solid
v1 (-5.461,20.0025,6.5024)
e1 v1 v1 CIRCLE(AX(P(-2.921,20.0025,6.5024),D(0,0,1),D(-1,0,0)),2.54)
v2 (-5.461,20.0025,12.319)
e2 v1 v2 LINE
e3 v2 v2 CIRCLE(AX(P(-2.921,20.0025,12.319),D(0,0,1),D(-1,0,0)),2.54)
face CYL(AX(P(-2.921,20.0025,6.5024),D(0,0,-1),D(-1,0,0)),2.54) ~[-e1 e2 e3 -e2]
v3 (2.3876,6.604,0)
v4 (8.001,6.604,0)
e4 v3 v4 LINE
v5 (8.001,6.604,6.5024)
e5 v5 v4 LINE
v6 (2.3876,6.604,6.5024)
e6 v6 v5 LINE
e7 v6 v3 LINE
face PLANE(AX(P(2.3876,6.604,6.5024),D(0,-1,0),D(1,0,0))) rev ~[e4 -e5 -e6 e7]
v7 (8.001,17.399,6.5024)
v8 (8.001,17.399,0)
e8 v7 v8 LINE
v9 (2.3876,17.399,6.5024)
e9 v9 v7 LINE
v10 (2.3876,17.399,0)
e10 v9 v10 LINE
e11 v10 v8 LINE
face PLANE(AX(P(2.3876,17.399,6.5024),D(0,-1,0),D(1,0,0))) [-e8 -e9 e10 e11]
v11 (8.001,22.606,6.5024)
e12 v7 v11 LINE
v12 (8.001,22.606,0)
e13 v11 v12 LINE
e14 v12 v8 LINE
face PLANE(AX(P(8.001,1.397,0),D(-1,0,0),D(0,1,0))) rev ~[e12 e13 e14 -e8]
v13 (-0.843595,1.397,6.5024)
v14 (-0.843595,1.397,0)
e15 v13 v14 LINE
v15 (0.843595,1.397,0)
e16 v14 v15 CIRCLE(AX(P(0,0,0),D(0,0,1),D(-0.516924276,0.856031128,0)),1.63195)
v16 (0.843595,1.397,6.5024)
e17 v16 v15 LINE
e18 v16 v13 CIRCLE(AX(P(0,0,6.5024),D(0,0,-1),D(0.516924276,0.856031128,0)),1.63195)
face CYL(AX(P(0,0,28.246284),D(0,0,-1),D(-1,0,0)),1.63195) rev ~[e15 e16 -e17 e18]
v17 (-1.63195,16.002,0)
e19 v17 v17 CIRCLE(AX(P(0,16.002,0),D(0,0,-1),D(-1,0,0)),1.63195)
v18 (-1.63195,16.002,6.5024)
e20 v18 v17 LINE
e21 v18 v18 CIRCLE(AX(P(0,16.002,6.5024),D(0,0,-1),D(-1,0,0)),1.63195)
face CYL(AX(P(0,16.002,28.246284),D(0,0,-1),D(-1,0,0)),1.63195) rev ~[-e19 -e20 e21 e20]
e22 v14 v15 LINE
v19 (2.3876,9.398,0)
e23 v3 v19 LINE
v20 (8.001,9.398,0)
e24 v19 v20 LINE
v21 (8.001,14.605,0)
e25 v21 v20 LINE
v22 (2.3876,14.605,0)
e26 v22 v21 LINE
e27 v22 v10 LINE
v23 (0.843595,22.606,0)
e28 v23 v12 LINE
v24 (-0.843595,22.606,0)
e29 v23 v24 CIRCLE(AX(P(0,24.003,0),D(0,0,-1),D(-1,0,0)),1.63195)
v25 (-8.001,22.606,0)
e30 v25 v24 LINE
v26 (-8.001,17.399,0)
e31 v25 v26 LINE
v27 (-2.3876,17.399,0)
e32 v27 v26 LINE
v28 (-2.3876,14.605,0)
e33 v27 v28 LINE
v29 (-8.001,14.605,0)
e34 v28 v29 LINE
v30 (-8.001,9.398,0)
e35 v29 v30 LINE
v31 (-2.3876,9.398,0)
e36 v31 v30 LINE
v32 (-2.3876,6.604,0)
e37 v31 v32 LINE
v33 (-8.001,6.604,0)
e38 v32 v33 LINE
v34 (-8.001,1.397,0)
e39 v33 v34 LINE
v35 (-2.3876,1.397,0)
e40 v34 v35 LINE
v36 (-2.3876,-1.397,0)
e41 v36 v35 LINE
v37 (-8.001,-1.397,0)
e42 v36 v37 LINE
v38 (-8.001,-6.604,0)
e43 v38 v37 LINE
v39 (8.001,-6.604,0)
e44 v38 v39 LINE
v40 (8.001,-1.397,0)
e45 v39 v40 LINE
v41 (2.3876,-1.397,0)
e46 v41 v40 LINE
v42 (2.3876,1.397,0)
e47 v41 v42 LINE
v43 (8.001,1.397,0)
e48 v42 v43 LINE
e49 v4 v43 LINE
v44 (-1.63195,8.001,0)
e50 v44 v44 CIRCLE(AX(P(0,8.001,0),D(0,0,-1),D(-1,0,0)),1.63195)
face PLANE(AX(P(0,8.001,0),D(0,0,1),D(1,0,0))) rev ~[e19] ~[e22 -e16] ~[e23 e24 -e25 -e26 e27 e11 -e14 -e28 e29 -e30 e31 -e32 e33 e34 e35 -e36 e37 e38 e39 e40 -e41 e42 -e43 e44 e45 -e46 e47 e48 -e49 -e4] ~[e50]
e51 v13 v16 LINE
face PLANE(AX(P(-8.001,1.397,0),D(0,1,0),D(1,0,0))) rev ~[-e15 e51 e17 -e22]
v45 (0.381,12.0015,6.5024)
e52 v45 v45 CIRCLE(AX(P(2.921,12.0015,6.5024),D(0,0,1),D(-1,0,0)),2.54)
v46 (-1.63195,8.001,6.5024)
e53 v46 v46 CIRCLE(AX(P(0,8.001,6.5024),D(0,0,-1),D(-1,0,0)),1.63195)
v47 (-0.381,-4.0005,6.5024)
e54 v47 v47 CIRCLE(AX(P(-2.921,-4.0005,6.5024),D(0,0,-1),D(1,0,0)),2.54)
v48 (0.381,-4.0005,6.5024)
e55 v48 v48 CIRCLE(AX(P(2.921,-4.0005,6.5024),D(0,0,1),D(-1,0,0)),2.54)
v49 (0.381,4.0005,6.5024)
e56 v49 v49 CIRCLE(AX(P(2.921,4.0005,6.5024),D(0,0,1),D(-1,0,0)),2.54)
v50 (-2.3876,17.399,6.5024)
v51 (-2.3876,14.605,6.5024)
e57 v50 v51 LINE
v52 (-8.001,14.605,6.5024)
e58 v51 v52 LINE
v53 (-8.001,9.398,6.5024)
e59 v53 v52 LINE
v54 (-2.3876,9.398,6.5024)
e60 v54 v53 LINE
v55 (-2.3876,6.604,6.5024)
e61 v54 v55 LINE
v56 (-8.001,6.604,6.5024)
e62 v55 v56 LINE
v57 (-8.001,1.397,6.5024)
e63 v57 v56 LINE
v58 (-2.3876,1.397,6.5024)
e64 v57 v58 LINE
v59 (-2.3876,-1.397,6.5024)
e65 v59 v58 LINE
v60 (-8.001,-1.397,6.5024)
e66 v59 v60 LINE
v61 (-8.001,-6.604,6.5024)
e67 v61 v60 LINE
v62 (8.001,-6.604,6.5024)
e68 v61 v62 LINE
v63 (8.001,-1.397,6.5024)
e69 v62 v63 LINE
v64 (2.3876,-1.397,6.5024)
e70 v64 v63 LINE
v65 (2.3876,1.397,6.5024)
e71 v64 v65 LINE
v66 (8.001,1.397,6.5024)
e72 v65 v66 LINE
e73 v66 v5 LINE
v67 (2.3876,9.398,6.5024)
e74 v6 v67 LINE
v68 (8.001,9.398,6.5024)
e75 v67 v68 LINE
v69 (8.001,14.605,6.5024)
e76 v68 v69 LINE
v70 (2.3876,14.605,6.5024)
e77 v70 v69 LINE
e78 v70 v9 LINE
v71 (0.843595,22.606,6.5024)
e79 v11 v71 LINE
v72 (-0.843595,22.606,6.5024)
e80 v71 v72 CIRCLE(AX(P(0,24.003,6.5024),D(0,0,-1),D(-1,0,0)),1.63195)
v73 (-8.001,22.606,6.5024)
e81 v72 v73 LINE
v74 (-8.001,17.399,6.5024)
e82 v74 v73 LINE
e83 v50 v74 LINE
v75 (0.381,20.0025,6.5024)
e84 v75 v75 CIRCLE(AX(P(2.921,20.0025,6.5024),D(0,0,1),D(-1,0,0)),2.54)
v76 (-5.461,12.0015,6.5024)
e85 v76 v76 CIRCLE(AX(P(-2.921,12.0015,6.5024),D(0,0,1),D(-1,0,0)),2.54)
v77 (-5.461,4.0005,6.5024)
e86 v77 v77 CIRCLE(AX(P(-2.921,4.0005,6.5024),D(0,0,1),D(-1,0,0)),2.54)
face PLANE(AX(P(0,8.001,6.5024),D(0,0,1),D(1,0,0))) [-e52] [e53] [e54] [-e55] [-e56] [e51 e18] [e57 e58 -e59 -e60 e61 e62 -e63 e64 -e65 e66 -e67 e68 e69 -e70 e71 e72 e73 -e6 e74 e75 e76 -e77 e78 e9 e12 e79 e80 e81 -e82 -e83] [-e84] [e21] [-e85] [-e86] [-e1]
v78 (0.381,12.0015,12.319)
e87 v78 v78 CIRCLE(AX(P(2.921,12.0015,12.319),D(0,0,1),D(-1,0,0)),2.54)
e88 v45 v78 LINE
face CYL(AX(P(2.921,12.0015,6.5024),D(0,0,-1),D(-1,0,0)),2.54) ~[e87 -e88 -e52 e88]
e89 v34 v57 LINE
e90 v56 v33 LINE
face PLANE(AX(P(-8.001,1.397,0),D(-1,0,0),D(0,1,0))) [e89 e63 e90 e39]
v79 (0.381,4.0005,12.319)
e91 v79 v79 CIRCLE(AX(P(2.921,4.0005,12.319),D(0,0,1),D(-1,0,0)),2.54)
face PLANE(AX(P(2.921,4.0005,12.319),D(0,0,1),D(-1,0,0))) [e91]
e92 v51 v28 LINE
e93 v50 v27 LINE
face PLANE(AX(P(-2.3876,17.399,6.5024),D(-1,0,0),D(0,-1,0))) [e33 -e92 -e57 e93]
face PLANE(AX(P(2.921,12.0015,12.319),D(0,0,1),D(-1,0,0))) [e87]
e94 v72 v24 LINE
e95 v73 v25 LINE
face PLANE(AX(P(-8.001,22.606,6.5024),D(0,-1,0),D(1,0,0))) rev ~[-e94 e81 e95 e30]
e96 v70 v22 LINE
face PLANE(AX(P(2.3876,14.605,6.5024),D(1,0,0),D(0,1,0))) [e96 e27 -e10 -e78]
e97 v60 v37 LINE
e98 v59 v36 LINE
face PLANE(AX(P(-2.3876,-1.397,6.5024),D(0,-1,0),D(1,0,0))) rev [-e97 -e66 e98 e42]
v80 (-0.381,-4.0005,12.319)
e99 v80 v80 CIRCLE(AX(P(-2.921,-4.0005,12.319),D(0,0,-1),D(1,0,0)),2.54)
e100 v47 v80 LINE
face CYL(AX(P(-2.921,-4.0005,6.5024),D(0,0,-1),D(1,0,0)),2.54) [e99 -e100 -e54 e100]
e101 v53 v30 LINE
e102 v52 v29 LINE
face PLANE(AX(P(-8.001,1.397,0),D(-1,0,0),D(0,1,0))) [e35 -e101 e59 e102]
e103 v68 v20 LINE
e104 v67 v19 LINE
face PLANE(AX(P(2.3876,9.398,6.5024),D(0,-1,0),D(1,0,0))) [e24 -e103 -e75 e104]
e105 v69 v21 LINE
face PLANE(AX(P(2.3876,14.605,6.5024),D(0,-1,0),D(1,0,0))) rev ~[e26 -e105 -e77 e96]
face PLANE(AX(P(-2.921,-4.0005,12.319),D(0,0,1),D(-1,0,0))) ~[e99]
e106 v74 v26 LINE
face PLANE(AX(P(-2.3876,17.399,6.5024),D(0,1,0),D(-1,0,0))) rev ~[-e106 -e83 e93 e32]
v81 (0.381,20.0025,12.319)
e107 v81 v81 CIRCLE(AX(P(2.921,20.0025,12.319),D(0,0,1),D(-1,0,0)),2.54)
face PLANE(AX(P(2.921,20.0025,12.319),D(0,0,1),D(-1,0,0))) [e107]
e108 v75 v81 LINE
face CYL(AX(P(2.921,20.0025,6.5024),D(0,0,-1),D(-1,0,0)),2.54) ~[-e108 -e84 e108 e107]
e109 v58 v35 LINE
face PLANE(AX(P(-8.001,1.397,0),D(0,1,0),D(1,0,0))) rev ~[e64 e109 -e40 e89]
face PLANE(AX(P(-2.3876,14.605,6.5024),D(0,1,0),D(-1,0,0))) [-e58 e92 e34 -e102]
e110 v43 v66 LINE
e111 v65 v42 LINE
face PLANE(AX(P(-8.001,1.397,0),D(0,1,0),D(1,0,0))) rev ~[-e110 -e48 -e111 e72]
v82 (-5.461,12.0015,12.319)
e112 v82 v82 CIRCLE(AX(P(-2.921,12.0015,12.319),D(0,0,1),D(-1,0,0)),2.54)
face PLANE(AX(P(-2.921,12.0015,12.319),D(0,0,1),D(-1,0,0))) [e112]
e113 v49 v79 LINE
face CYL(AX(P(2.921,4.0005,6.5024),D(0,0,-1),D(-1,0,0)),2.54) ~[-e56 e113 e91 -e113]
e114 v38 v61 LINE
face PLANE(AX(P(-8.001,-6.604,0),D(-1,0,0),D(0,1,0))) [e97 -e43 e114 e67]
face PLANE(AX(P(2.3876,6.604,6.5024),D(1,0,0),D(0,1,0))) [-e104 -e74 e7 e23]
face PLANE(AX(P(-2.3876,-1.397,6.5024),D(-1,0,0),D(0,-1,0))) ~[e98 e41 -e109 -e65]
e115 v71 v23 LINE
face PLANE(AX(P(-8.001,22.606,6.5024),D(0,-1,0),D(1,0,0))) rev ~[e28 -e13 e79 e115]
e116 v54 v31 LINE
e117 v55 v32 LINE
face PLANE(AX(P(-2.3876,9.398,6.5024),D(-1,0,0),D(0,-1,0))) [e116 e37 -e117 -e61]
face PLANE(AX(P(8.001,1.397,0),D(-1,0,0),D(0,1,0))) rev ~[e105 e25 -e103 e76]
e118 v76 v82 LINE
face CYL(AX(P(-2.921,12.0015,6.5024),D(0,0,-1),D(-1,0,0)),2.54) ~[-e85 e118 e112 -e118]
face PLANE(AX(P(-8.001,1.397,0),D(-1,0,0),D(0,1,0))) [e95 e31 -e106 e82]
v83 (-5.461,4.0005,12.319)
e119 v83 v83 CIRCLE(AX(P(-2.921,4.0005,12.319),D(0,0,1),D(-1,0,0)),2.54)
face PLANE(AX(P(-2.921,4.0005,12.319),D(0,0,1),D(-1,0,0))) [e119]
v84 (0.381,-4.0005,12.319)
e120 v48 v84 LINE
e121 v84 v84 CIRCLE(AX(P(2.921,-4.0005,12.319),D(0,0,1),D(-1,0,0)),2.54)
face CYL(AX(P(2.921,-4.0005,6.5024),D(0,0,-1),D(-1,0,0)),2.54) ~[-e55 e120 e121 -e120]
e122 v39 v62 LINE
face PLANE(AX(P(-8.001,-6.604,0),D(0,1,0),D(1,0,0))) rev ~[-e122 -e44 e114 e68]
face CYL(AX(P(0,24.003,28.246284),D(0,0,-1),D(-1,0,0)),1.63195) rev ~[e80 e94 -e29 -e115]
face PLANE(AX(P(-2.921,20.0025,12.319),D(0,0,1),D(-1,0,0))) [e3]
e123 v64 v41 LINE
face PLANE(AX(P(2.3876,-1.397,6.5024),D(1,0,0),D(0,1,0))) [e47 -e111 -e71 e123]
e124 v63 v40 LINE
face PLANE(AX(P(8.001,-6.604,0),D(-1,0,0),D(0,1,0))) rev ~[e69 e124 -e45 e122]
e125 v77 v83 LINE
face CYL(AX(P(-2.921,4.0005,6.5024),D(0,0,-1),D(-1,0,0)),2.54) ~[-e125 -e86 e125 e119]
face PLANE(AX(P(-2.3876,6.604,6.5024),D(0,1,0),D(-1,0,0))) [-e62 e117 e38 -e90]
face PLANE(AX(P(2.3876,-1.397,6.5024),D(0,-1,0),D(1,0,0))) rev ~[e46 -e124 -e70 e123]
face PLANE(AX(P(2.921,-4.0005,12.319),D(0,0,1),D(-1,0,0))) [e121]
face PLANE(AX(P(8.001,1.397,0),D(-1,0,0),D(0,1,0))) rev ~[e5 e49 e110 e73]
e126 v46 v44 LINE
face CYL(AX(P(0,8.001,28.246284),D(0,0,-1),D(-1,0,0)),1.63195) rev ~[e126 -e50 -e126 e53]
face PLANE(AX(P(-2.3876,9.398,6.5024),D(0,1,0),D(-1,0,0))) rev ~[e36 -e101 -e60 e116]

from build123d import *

# Parameters (mm, degrees)
SKETCH1_W                 = 16.002
SKETCH1_H                 = 13.208
BOSS_EXTRUDE1_DEPTH       = 6.5024
SKETCH2_W                 = 5.6134
SKETCH2_H                 = 2.794
CUT_EXTRUDE1_DEPTH        = 13.243774857
F_4_CLEARANCE_HOLE1_D     = 3.2639
SKETCH5_R                 = 2.54
BOSS_EXTRUDE2_DEPTH       = 5.8166
SKETCH6_W                 = 16.002
SKETCH6_H                 = 5.207
CUT_EXTRUDE2_DEPTH        = 13.243774857
LPATTERN1_COUNT           = 4
LPATTERN1_PITCH           = 8.001
LPATTERN1_COPY_1_SKETCH_W = 5.6134
LPATTERN1_COPY_1_SKETCH_H = 2.794
LPATTERN1_COPY_1_DEPTH    = 13.243774857
LPATTERN1_COPY_2_SKETCH_W = 5.6134
LPATTERN1_COPY_2_SKETCH_H = 2.794
LPATTERN1_COPY_2_DEPTH    = 13.243774857
LPATTERN1_COPY_3_SKETCH_W = 5.6134
LPATTERN1_COPY_3_SKETCH_H = 2.794
LPATTERN1_COPY_3_DEPTH    = 13.243774857
LPATTERN1_COPY_4_SKETCH_R = 2.54
LPATTERN1_COPY_4_DEPTH    = 5.8166
LPATTERN1_COPY_5_SKETCH_R = 2.54
LPATTERN1_COPY_5_DEPTH    = 5.8166
LPATTERN1_COPY_6_SKETCH_R = 2.54
LPATTERN1_COPY_6_DEPTH    = 5.8166
SKETCH7_W                 = 16.002
SKETCH7_H                 = 8.001
CUT_EXTRUDE3_DEPTH        = 33.296836622


with BuildPart() as part:
    # Sketch1 → Boss-Extrude1 (new body)
    with BuildSketch(Plane.XY):
        Rectangle(SKETCH1_W, SKETCH1_H)
    boss_extrude1 = extrude(amount=BOSS_EXTRUDE1_DEPTH)

    # Sketch2 → Cut-Extrude1 (cut, through all)
    with BuildSketch(Plane.XY.offset(6.5024)):
        with Locations((5.1943, 0)):
            Rectangle(SKETCH2_W, SKETCH2_H)
    cut_extrude1 = extrude(amount=-CUT_EXTRUDE1_DEPTH, mode=Mode.SUBTRACT)

    # #4 Clearance Hole1 (through all)
    with Locations(Plane.XY.offset(6.5024)):
        with Locations((0, 0)):
            f_4_clearance_hole1 = Hole(F_4_CLEARANCE_HOLE1_D / 2)

    # Sketch5 → Boss-Extrude2 (add)
    with BuildSketch(Plane.XY.offset(6.5024)):
        with Locations(Location((2.921, -4.0005, 0), (0, 0, 180))):
            Circle(SKETCH5_R)
    boss_extrude2 = extrude(amount=BOSS_EXTRUDE2_DEPTH)

    # Sketch6 → Cut-Extrude2 (cut, through all)
    with BuildSketch(Plane.XY.offset(6.5024)):
        with Locations((0, 4.0005)):
            Rectangle(SKETCH6_W, SKETCH6_H)
    extrude(amount=-CUT_EXTRUDE2_DEPTH, mode=Mode.SUBTRACT)

    # Mirror4: Cut-Extrude1, Boss-Extrude2 across plane
    add(cut_extrude1.mirror(Plane(origin=(0, 0, 0), x_dir=(0, 0, 1), z_dir=(1, 0, 0))), mode=Mode.SUBTRACT)
    add(boss_extrude2.mirror(Plane(origin=(0, 0, 0), x_dir=(0, 0, 1), z_dir=(1, 0, 0))))

    # LPattern1: Boss-Extrude1, Cut-Extrude1, #4 Clearance Hole1, Boss-Extrude2 ×4
    with Locations(*[(0, i * LPATTERN1_PITCH, 0) for i in range(1, LPATTERN1_COUNT)]):
        add(boss_extrude1)
        add(cut_extrude1, mode=Mode.SUBTRACT)
        add(f_4_clearance_hole1, mode=Mode.SUBTRACT)
        add(boss_extrude2)

    # LPattern1 copy 1 sketch → LPattern1 copy 1 (cut, through all)
    with BuildSketch(Plane(origin=(0, 8.001, 6.5024), x_dir=(-1, 0, 0), z_dir=(0, 0, 1))):
        with Locations((5.1943, 0)):
            Rectangle(LPATTERN1_COPY_1_SKETCH_W, LPATTERN1_COPY_1_SKETCH_H)
    extrude(amount=-LPATTERN1_COPY_1_DEPTH, mode=Mode.SUBTRACT)

    # LPattern1 copy 2 sketch → LPattern1 copy 2 (cut, through all)
    with BuildSketch(Plane(origin=(0, 16.002, 6.5024), x_dir=(-1, 0, 0), z_dir=(0, 0, 1))):
        with Locations((5.1943, 0)):
            Rectangle(LPATTERN1_COPY_2_SKETCH_W, LPATTERN1_COPY_2_SKETCH_H)
    extrude(amount=-LPATTERN1_COPY_2_DEPTH, mode=Mode.SUBTRACT)

    # LPattern1 copy 3 sketch → LPattern1 copy 3 (cut, through all)
    with BuildSketch(Plane(origin=(0, 24.003, 6.5024), x_dir=(-1, 0, 0), z_dir=(0, 0, 1))):
        with Locations((5.1943, 0)):
            Rectangle(LPATTERN1_COPY_3_SKETCH_W, LPATTERN1_COPY_3_SKETCH_H)
    extrude(amount=-LPATTERN1_COPY_3_DEPTH, mode=Mode.SUBTRACT)

    # LPattern1 copy 4 sketch → LPattern1 copy 4 (add)
    with BuildSketch(Plane(origin=(0, 8.001, 6.5024), x_dir=(-1, 0, 0), z_dir=(0, 0, 1))):
        with Locations((2.921, 4.0005)):
            Circle(LPATTERN1_COPY_4_SKETCH_R)
    extrude(amount=LPATTERN1_COPY_4_DEPTH)

    # LPattern1 copy 5 sketch → LPattern1 copy 5 (add)
    with BuildSketch(Plane(origin=(0, 16.002, 6.5024), x_dir=(-1, 0, 0), z_dir=(0, 0, 1))):
        with Locations((2.921, 4.0005)):
            Circle(LPATTERN1_COPY_5_SKETCH_R)
    extrude(amount=LPATTERN1_COPY_5_DEPTH)

    # LPattern1 copy 6 sketch → LPattern1 copy 6 (add)
    with BuildSketch(Plane(origin=(0, 24.003, 6.5024), x_dir=(-1, 0, 0), z_dir=(0, 0, 1))):
        with Locations((2.921, 4.0005)):
            Circle(LPATTERN1_COPY_6_SKETCH_R)
    extrude(amount=LPATTERN1_COPY_6_DEPTH)

    # Sketch7 → Cut-Extrude3 (cut, through all)
    with BuildSketch(Plane.XY.offset(6.5024)):
        with Locations((0, 26.6065)):
            Rectangle(SKETCH7_W, SKETCH7_H)
    extrude(amount=-CUT_EXTRUDE3_DEPTH, mode=Mode.SUBTRACT)


solid = part.part
